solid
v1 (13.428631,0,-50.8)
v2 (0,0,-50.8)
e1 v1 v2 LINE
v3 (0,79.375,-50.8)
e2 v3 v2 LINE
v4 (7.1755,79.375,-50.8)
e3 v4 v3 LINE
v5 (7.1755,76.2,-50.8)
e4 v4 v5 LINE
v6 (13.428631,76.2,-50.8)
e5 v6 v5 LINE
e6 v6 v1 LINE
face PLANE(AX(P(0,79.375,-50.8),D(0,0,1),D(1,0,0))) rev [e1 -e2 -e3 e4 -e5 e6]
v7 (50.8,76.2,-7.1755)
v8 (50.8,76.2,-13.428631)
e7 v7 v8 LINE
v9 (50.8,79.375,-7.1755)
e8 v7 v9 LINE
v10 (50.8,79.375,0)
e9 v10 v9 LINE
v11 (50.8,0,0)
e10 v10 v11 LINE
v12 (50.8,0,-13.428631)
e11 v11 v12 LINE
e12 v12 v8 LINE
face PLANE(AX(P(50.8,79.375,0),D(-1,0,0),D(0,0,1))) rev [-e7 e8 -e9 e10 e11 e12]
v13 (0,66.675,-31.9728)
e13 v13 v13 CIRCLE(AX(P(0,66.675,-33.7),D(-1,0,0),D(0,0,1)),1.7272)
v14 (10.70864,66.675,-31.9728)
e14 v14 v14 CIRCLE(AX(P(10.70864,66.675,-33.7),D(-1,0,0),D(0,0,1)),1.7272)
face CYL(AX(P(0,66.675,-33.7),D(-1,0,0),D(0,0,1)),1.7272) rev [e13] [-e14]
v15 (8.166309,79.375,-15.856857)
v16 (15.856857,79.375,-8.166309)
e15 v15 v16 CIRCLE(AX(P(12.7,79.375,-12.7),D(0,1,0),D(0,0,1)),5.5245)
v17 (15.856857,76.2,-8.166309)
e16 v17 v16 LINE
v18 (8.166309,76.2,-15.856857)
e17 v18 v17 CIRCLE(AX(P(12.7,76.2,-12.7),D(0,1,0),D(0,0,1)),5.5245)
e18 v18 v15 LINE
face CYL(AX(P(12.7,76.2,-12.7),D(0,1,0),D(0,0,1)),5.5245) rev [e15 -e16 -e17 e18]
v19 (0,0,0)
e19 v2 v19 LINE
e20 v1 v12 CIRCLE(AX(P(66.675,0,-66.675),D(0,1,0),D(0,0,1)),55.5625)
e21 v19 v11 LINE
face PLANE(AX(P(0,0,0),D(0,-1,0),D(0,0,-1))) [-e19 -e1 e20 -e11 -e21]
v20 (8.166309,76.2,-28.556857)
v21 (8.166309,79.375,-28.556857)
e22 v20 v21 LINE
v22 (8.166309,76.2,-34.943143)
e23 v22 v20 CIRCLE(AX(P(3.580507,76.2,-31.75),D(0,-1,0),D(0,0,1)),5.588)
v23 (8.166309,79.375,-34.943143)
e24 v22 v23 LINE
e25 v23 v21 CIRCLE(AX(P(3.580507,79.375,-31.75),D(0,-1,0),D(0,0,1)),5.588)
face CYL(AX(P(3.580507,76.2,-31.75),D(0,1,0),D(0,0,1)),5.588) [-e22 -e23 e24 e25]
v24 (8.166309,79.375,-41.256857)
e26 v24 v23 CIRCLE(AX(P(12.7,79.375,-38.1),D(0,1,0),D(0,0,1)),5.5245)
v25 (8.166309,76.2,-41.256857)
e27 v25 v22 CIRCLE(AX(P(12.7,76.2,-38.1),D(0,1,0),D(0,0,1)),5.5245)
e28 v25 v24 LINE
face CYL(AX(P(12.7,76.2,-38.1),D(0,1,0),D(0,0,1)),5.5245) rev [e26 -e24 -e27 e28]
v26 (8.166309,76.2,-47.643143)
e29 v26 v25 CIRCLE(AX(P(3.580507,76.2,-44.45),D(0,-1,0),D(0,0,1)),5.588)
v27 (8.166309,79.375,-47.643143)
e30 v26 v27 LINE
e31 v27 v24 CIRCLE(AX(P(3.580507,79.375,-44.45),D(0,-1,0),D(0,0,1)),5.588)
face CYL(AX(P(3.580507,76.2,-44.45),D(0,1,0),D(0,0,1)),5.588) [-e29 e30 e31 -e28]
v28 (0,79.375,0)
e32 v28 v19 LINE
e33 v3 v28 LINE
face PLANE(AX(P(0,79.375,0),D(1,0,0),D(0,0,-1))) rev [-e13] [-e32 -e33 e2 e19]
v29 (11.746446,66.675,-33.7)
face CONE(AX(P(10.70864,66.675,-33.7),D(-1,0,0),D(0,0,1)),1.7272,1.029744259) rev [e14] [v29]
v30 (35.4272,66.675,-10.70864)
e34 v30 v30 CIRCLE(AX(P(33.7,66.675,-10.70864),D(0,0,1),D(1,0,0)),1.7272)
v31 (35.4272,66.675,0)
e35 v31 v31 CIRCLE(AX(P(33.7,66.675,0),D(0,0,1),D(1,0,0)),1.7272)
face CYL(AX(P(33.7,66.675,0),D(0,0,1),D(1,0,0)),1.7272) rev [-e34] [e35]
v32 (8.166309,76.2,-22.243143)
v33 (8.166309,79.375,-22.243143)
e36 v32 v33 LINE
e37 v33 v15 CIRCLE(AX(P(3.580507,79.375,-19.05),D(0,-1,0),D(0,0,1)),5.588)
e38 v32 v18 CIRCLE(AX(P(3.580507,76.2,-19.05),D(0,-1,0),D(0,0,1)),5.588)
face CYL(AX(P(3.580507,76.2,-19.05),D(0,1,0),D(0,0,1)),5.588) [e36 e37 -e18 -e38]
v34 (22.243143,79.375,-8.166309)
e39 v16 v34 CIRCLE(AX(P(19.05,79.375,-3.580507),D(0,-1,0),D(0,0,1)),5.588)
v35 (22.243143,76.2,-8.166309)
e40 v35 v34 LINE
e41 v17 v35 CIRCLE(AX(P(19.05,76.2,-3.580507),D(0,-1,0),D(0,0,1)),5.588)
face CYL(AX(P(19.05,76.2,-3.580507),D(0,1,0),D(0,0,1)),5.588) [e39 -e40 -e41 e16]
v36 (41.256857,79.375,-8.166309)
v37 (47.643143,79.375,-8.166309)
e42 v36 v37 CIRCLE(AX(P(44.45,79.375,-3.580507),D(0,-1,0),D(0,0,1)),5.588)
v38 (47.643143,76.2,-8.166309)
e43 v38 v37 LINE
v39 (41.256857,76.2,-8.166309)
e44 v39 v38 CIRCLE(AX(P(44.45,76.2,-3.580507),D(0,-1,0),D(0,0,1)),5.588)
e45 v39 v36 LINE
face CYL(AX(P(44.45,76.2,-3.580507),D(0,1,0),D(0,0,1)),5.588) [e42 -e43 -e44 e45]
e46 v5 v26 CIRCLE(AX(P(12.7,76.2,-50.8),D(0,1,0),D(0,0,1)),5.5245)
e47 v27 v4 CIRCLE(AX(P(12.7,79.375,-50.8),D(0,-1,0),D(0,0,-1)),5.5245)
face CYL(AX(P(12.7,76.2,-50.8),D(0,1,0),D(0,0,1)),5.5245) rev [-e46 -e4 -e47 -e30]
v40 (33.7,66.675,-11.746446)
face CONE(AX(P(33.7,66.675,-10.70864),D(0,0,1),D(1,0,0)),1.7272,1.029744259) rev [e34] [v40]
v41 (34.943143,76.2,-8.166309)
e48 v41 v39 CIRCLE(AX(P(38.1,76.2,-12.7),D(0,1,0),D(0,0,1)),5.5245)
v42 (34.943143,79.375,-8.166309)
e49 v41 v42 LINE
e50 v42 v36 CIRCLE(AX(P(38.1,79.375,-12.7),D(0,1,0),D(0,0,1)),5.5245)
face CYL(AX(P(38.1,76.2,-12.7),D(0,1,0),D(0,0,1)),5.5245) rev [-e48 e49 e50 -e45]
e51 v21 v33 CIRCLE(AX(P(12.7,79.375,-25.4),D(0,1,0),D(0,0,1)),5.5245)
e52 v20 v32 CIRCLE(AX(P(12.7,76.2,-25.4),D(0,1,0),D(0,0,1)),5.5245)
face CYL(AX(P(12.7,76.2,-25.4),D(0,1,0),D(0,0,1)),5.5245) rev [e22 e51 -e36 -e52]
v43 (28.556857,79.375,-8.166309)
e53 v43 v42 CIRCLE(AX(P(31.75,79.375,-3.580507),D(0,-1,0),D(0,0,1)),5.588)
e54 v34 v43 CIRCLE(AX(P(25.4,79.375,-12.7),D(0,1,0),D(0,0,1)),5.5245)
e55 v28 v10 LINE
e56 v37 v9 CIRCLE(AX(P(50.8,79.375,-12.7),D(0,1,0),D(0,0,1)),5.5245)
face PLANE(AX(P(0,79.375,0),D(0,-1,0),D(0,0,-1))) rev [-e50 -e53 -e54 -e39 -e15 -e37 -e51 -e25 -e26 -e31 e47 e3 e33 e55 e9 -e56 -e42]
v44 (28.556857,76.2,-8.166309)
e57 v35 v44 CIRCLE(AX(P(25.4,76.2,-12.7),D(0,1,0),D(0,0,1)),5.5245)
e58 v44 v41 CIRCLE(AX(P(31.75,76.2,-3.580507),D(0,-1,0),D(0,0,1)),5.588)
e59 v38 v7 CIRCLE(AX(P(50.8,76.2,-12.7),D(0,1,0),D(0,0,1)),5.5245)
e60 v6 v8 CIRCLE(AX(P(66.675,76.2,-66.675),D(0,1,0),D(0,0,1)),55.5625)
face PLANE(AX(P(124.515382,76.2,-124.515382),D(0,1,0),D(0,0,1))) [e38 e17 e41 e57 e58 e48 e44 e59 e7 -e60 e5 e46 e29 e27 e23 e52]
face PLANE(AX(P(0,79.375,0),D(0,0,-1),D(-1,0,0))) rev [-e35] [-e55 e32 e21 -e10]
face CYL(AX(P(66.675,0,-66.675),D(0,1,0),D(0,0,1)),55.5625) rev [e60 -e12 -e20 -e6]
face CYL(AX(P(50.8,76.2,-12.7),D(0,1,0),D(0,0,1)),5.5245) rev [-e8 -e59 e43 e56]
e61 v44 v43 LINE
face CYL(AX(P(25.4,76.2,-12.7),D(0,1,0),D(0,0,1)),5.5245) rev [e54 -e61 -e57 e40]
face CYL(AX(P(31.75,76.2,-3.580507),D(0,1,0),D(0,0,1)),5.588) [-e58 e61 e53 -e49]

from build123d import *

# Parameters (mm, degrees)
SKETCH1_W                 = 50.8
SKETCH1_H                 = 50.8
BOSS_EXTRUDE1_DEPTH       = 79.375
CUT_EXTRUDE1_DEPTH        = 3.175
SKETCH3_R                 = 55.5625
CUT_EXTRUDE2_DEPTH        = 108.059192156
F_8_32_TAPPED_HOLE1_D     = 3.4544
F_8_32_TAPPED_HOLE1_DEPTH = 10.70864
F_8_32_TAPPED_HOLE1_TIP   = 1.037806461
F_8_32_TAPPED_HOLE2_D     = 3.4544
F_8_32_TAPPED_HOLE2_DEPTH = 10.70864
F_8_32_TAPPED_HOLE2_TIP   = 1.037806461


with BuildPart() as part:
    # Sketch1 → Boss-Extrude1 (new body)
    with BuildSketch(Plane(origin=(0, 0, 0), x_dir=(1, 0, 0), z_dir=(0, 1, 0))):
        with Locations((25.4, 25.4)):
            Rectangle(SKETCH1_W, SKETCH1_H)
    extrude(amount=BOSS_EXTRUDE1_DEPTH)

    # Sketch2 → Cut-Extrude1 (cut)
    with BuildSketch(Plane(origin=(0, 79.375, 0), x_dir=(1, 0, 0), z_dir=(0, 1, 0))):
        with BuildLine():
            Line((130.016993909, 125.017737196), (134.25782275, 78.573759143))
            ThreePointArc((134.25782275, 78.573759143), (134.034685181, 75.298190088), (132.798116214, 72.256802214))
            ThreePointArc((132.798116214, 72.256802214), (130.01096738, 66.280890285), (128.580118229, 59.844090402))
            ThreePointArc((128.580118229, 59.844090402), (125.846501332, 47.24207899), (120.576283082, 35.473130329))
            ThreePointArc((120.576283082, 35.473130329), (120.013426501, 34.114565768), (119.824473194, 32.656209898))
            ThreePointArc((119.824473194, 32.656209898), (117.90735564, 28.45485307), (113.469501546, 27.177281171))
            ThreePointArc((113.469501546, 27.177281171), (106.116591491, 23.83727612), (106.198458812, 15.761744078))
            ThreePointArc((106.198458812, 15.761744078), (105.465515747, 8.75311664), (98.443142857, 8.166309094))
            ThreePointArc((98.443142857, 8.166309094), (95.25, 9.168506799), (92.056857143, 8.166309094))
            ThreePointArc((92.056857143, 8.166309094), (88.9, 7.1755), (85.743142857, 8.166309094))
            ThreePointArc((85.743142857, 8.166309094), (82.55, 9.168506799), (79.356857143, 8.166309094))
            ThreePointArc((79.356857143, 8.166309094), (76.212257074, 7.175513597), (73.063291467, 8.152345678))
            ThreePointArc((73.063291467, 8.152345678), (69.907489389, 9.140393728), (66.74574768, 8.171520637))
            ThreePointArc((66.74574768, 8.171520637), (63.508942298, 7.175501389), (60.273525168, 8.176020964))
            ThreePointArc((60.273525168, 8.176020964), (57.10532095, 9.149271709), (53.943097961, 8.156759366))
            ThreePointArc((53.943097961, 8.156759366), (50.791625748, 7.175506347), (47.643142857, 8.166309094))
            ThreePointArc((47.643142857, 8.166309094), (44.45, 9.168506799), (41.256857143, 8.166309094))
            ThreePointArc((41.256857143, 8.166309094), (38.1, 7.1755), (34.943142857, 8.166309094))
            ThreePointArc((34.943142857, 8.166309094), (31.75, 9.168506799), (28.556857143, 8.166309094))
            ThreePointArc((28.556857143, 8.166309094), (25.4, 7.1755), (22.243142857, 8.166309094))
            ThreePointArc((22.243142857, 8.166309094), (19.05, 9.168506799), (15.856857143, 8.166309094))
            ThreePointArc((15.856857143, 8.166309094), (8.793588587, 8.793588587), (8.166309094, 15.856857143))
            ThreePointArc((8.166309094, 15.856857143), (9.168506799, 19.05), (8.166309094, 22.243142857))
            ThreePointArc((8.166309094, 22.243142857), (7.1755, 25.4), (8.166309094, 28.556857143))
            ThreePointArc((8.166309094, 28.556857143), (9.168506799, 31.75), (8.166309094, 34.943142857))
            ThreePointArc((8.166309094, 34.943142857), (7.1755, 38.1), (8.166309094, 41.256857143))
            ThreePointArc((8.166309094, 41.256857143), (9.168506799, 44.45), (8.166309094, 47.643142857))
            ThreePointArc((8.166309094, 47.643142857), (7.175506347, 50.791625748), (8.156759366, 53.943097961))
            ThreePointArc((8.156759366, 53.943097961), (9.149271709, 57.10532095), (8.176020964, 60.273525168))
            ThreePointArc((8.176020964, 60.273525168), (7.175501389, 63.508942298), (8.171520637, 66.74574768))
            ThreePointArc((8.171520637, 66.74574768), (9.140393728, 69.907489389), (8.152345678, 73.063291467))
            ThreePointArc((8.152345678, 73.063291467), (7.175513597, 76.212257074), (8.166309094, 79.356857143))
            ThreePointArc((8.166309094, 79.356857143), (9.168506799, 82.55), (8.166309094, 85.743142857))
            ThreePointArc((8.166309094, 85.743142857), (7.1755, 88.9), (8.166309094, 92.056857143))
            ThreePointArc((8.166309094, 92.056857143), (9.168506799, 95.25), (8.166309094, 98.443142857))
            ThreePointArc((8.166309094, 98.443142857), (8.75311664, 105.465515747), (15.761744078, 106.198458812))
            ThreePointArc((15.761744078, 106.198458812), (23.83727612, 106.116591491), (27.177281171, 113.469501546))
            ThreePointArc((27.177281171, 113.469501546), (28.45485307, 117.90735564), (32.656209898, 119.824473194))
            ThreePointArc((32.656209898, 119.824473194), (34.114565768, 120.013426501), (35.473130329, 120.576283082))
            ThreePointArc((35.473130329, 120.576283082), (47.24207899, 125.846501332), (59.844090402, 128.580118229))
            ThreePointArc((59.844090402, 128.580118229), (68.705211612, 130.952457845), (76.452938417, 135.863689229))
            ThreePointArc((76.452938417, 135.863689229), (80.625736152, 138.0725352), (85.345346996, 138.201045691))
            Line((85.345346996, 138.201045691), (125.626948268, 129.926898817))
            ThreePointArc((125.626948268, 129.926898817), (128.63345164, 128.197989094), (130.016993909, 125.017737196))
        make_face()
    extrude(amount=-CUT_EXTRUDE1_DEPTH, mode=Mode.SUBTRACT)

    # Sketch3 → Cut-Extrude2 (cut, through all)
    with BuildSketch(Plane(origin=(0, 79.375, 0), x_dir=(1, 0, 0), z_dir=(0, 1, 0))):
        with Locations((66.675, 66.675)):
            Circle(SKETCH3_R)
    extrude(amount=-CUT_EXTRUDE2_DEPTH, mode=Mode.SUBTRACT)

    # #8-32 Tapped Hole1
    with Locations(Plane(origin=(393.7, -15.875, 0), x_dir=(1, 0, 0), z_dir=(0, 0, 1))):
        with Locations((-300, 82.55), (-240, 82.55), (-180, 82.55), (-60, 82.55), (0, 82.55), (60, 82.55), (120, 82.55), (180, 82.55), (240, 82.55), (-120, 82.55), (-360, 82.55), (300, 82.55), (360, 82.55)):
            Hole(F_8_32_TAPPED_HOLE1_D / 2, depth=F_8_32_TAPPED_HOLE1_DEPTH)
            with Locations((0, 0, -(F_8_32_TAPPED_HOLE1_DEPTH + F_8_32_TAPPED_HOLE1_TIP / 2))):  # 118° drill point
                Cone(0, F_8_32_TAPPED_HOLE1_D / 2, F_8_32_TAPPED_HOLE1_TIP, mode=Mode.SUBTRACT)

    # #8-32 Tapped Hole2
    with Locations(Plane(origin=(0, -15.875, -393.7), x_dir=(0, 0, 1), z_dir=(-1, 0, 0))):
        with Locations((-300, 82.55), (-240, 82.55), (-180, 82.55), (-60, 82.55), (0, 82.55), (60, 82.55), (120, 82.55), (180, 82.55), (240, 82.55), (-120, 82.55), (-360, 82.55), (300, 82.55), (360, 82.55)):
            Hole(F_8_32_TAPPED_HOLE2_D / 2, depth=F_8_32_TAPPED_HOLE2_DEPTH)
            with Locations((0, 0, -(F_8_32_TAPPED_HOLE2_DEPTH + F_8_32_TAPPED_HOLE2_TIP / 2))):  # 118° drill point
                Cone(0, F_8_32_TAPPED_HOLE2_D / 2, F_8_32_TAPPED_HOLE2_TIP, mode=Mode.SUBTRACT)


solid = part.part
